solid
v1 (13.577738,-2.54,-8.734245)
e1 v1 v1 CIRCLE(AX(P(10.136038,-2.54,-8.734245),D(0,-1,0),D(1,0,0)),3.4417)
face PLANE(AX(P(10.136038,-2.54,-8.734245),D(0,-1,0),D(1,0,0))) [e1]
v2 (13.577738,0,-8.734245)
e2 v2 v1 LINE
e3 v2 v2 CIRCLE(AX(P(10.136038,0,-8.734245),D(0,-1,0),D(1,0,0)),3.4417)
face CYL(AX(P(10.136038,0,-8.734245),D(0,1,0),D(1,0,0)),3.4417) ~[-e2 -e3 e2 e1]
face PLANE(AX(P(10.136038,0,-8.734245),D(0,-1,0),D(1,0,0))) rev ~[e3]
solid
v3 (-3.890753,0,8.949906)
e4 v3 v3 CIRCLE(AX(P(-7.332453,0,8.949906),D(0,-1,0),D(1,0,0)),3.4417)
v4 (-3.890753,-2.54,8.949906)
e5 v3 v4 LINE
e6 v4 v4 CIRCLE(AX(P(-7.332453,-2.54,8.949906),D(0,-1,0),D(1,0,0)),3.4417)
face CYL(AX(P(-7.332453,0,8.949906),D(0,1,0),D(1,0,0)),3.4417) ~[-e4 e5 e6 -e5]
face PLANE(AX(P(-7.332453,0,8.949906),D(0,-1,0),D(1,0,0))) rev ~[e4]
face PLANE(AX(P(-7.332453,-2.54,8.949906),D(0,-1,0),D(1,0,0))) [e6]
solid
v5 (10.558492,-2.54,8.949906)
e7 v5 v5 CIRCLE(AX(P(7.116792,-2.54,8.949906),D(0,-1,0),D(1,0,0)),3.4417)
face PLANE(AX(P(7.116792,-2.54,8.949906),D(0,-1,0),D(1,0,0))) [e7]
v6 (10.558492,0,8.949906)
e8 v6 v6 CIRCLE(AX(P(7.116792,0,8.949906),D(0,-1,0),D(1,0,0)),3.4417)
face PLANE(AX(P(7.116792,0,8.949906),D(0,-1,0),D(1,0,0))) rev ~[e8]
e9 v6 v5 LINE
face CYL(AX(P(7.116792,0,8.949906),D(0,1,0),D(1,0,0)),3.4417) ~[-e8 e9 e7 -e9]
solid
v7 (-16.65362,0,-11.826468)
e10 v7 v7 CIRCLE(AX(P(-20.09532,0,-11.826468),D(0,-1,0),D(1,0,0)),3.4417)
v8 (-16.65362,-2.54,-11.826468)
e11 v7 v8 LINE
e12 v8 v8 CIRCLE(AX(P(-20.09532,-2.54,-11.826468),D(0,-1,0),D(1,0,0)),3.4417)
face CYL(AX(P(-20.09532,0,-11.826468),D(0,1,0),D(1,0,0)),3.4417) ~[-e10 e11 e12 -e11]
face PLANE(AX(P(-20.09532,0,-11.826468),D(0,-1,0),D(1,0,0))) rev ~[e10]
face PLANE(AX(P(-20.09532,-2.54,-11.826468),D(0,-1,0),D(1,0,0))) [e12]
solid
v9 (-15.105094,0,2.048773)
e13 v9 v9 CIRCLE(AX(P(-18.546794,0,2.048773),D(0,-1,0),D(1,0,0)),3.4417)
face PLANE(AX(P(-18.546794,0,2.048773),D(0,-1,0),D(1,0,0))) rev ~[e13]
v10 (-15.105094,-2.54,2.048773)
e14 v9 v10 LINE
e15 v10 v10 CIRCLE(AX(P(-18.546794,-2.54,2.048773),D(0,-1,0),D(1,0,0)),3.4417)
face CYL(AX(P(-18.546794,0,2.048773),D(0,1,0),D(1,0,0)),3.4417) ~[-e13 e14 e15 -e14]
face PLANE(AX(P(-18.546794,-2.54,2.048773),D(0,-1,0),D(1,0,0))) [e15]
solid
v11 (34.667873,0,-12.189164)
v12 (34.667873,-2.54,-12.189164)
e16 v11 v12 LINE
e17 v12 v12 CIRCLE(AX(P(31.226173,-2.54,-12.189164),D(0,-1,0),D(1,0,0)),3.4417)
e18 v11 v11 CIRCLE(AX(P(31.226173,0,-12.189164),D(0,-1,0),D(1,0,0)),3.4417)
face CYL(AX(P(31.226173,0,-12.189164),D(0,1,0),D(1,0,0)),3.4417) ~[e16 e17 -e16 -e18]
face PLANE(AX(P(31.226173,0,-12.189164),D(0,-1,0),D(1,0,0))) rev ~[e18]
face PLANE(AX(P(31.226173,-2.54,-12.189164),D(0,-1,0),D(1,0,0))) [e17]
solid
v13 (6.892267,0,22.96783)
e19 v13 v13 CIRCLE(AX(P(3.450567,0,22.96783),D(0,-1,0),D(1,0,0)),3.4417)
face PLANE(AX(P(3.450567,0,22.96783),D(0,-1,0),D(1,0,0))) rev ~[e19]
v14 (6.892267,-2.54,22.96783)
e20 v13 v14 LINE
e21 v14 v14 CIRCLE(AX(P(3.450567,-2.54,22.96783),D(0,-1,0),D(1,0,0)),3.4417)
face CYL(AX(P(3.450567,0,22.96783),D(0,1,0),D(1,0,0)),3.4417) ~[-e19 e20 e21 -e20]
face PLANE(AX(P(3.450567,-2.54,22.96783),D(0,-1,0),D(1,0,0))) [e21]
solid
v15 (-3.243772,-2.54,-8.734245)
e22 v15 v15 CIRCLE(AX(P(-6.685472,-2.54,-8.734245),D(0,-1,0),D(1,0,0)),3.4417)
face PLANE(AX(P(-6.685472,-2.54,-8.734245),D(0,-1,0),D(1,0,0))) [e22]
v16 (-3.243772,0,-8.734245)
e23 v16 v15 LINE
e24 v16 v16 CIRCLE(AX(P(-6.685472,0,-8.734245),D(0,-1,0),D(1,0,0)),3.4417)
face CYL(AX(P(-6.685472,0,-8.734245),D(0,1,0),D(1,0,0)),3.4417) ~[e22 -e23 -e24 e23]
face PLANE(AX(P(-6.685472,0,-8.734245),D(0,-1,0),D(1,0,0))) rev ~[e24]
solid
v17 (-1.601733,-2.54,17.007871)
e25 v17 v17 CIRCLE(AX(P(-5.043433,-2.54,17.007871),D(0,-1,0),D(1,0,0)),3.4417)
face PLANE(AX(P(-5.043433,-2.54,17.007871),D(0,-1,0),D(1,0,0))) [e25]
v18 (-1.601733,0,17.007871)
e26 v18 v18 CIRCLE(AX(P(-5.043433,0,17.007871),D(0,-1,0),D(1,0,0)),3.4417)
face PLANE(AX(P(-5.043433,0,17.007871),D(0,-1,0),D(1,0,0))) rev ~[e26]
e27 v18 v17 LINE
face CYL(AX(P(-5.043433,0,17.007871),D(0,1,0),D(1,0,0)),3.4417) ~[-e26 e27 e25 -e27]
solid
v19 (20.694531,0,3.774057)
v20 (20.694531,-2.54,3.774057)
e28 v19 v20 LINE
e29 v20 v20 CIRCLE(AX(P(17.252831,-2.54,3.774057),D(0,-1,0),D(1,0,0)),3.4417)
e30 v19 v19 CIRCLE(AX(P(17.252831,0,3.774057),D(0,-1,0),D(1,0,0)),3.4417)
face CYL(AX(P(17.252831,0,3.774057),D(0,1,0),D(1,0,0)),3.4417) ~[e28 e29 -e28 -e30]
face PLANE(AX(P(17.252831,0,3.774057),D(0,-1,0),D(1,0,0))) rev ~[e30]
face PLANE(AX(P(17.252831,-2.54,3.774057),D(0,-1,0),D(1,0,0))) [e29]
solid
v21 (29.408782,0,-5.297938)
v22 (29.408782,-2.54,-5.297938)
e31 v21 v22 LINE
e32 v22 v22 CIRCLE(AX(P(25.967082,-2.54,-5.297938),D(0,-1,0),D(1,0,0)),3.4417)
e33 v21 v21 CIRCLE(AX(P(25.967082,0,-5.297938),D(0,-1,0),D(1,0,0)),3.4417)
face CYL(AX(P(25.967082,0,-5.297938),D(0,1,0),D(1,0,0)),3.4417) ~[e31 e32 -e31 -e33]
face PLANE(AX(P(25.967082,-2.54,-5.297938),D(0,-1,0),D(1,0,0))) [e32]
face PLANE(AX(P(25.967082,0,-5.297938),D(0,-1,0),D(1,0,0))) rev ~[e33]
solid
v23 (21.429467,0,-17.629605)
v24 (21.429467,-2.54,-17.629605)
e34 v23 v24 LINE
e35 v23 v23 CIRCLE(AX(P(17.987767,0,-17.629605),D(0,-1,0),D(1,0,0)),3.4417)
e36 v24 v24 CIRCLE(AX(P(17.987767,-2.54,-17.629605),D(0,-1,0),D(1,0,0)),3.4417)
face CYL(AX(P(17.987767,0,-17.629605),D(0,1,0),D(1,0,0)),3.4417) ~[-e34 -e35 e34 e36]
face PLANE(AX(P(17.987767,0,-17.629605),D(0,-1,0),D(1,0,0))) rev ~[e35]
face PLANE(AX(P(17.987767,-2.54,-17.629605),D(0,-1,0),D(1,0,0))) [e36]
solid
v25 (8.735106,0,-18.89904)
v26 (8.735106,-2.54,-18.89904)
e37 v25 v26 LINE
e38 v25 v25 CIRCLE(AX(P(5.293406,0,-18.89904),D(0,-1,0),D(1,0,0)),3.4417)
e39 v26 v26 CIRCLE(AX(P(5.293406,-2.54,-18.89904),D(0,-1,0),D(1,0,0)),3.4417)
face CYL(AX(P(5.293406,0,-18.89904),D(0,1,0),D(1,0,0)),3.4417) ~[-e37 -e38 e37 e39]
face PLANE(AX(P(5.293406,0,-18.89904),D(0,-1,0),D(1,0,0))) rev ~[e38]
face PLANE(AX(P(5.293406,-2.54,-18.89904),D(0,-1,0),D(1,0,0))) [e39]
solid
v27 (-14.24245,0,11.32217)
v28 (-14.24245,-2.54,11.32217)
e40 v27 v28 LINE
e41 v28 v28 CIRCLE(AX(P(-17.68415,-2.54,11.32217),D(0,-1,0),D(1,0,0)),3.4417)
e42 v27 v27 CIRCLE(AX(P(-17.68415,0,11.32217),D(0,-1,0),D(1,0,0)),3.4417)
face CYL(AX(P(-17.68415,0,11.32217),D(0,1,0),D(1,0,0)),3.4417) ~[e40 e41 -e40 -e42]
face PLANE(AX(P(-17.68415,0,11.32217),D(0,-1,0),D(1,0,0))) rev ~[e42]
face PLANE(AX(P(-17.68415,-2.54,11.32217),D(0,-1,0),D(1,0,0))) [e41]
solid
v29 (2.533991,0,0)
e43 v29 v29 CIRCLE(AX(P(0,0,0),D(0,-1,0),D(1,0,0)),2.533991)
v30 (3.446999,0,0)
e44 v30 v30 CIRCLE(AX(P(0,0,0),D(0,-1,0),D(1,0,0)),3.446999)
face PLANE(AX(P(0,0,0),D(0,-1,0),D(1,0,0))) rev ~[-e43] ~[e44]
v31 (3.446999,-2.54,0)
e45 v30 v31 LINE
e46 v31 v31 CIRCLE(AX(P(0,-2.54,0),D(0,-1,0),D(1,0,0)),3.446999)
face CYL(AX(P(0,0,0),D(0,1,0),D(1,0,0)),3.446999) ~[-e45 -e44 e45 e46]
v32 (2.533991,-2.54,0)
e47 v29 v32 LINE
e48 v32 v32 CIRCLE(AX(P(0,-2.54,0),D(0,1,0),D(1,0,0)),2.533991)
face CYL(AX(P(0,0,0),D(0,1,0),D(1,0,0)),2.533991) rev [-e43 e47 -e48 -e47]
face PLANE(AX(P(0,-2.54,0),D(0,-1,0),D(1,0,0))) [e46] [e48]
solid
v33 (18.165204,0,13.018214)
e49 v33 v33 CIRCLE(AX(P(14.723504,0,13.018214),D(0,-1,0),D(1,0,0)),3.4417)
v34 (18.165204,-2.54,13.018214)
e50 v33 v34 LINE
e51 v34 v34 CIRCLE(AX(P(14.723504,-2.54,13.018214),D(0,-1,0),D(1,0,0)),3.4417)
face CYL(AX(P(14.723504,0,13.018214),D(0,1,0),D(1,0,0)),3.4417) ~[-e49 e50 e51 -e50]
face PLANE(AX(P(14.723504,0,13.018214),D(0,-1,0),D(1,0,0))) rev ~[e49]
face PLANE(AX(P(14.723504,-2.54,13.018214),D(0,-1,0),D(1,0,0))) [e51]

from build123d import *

# Parameters (mm, degrees)
F0_R     = 3.446999
F1_DEPTH = 2.54
F2_R     = 2.533991
F3_DEPTH = 25.146
F4_R     = 3.4417
F5_DEPTH = 2.54
F6_R     = 3.4417
F7_DEPTH = 2.54


with BuildPart() as f1:
    # F0 (on Front) → F1 (new body)
    with BuildSketch(Plane.XZ):
        Circle(F0_R)
    extrude(amount=F1_DEPTH)

    # F2 (on Front) → F3 (cut)
    with BuildSketch(Plane.XZ):
        Circle(F2_R)
    extrude(amount=F3_DEPTH, mode=Mode.SUBTRACT)


with BuildPart() as f5:
    # F4 (on Front) → F5 (new body)
    with BuildSketch(Plane.XZ):
        with Locations((-18.546794, 2.048773)):
            Circle(F4_R)
        with Locations((17.252831, 3.774057)):
            Circle(F4_R)
        with Locations((7.116792, 8.949906)):
            Circle(F4_R)
        with Locations((-7.332453, 8.949906)):
            Circle(F4_R)
        with Locations((10.136038, -8.734245)):
            Circle(F4_R)
        with Locations((-6.685472, -8.734245)):
            Circle(F4_R)
    extrude(amount=F5_DEPTH)


with BuildPart() as f7:
    # F6 (on Front) → F7 (new body)
    with BuildSketch(Plane.XZ):
        with Locations((-17.68415, 11.32217)):
            Circle(F6_R)
        with Locations((-5.043433, 17.007871)):
            Circle(F6_R)
        with Locations((3.450567, 22.96783)):
            Circle(F6_R)
        with Locations((14.723504, 13.018214)):
            Circle(F6_R)
        with Locations((25.967082, -5.297938)):
            Circle(F6_R)
        with Locations((31.226173, -12.189164)):
            Circle(F6_R)
        with Locations((17.987767, -17.629605)):
            Circle(F6_R)
        with Locations((5.293406, -18.89904)):
            Circle(F6_R)
        with Locations((-20.09532, -11.826468)):
            Circle(F6_R)
    extrude(amount=F7_DEPTH)


solid = Compound([f1.part, f5.part, f7.part])
